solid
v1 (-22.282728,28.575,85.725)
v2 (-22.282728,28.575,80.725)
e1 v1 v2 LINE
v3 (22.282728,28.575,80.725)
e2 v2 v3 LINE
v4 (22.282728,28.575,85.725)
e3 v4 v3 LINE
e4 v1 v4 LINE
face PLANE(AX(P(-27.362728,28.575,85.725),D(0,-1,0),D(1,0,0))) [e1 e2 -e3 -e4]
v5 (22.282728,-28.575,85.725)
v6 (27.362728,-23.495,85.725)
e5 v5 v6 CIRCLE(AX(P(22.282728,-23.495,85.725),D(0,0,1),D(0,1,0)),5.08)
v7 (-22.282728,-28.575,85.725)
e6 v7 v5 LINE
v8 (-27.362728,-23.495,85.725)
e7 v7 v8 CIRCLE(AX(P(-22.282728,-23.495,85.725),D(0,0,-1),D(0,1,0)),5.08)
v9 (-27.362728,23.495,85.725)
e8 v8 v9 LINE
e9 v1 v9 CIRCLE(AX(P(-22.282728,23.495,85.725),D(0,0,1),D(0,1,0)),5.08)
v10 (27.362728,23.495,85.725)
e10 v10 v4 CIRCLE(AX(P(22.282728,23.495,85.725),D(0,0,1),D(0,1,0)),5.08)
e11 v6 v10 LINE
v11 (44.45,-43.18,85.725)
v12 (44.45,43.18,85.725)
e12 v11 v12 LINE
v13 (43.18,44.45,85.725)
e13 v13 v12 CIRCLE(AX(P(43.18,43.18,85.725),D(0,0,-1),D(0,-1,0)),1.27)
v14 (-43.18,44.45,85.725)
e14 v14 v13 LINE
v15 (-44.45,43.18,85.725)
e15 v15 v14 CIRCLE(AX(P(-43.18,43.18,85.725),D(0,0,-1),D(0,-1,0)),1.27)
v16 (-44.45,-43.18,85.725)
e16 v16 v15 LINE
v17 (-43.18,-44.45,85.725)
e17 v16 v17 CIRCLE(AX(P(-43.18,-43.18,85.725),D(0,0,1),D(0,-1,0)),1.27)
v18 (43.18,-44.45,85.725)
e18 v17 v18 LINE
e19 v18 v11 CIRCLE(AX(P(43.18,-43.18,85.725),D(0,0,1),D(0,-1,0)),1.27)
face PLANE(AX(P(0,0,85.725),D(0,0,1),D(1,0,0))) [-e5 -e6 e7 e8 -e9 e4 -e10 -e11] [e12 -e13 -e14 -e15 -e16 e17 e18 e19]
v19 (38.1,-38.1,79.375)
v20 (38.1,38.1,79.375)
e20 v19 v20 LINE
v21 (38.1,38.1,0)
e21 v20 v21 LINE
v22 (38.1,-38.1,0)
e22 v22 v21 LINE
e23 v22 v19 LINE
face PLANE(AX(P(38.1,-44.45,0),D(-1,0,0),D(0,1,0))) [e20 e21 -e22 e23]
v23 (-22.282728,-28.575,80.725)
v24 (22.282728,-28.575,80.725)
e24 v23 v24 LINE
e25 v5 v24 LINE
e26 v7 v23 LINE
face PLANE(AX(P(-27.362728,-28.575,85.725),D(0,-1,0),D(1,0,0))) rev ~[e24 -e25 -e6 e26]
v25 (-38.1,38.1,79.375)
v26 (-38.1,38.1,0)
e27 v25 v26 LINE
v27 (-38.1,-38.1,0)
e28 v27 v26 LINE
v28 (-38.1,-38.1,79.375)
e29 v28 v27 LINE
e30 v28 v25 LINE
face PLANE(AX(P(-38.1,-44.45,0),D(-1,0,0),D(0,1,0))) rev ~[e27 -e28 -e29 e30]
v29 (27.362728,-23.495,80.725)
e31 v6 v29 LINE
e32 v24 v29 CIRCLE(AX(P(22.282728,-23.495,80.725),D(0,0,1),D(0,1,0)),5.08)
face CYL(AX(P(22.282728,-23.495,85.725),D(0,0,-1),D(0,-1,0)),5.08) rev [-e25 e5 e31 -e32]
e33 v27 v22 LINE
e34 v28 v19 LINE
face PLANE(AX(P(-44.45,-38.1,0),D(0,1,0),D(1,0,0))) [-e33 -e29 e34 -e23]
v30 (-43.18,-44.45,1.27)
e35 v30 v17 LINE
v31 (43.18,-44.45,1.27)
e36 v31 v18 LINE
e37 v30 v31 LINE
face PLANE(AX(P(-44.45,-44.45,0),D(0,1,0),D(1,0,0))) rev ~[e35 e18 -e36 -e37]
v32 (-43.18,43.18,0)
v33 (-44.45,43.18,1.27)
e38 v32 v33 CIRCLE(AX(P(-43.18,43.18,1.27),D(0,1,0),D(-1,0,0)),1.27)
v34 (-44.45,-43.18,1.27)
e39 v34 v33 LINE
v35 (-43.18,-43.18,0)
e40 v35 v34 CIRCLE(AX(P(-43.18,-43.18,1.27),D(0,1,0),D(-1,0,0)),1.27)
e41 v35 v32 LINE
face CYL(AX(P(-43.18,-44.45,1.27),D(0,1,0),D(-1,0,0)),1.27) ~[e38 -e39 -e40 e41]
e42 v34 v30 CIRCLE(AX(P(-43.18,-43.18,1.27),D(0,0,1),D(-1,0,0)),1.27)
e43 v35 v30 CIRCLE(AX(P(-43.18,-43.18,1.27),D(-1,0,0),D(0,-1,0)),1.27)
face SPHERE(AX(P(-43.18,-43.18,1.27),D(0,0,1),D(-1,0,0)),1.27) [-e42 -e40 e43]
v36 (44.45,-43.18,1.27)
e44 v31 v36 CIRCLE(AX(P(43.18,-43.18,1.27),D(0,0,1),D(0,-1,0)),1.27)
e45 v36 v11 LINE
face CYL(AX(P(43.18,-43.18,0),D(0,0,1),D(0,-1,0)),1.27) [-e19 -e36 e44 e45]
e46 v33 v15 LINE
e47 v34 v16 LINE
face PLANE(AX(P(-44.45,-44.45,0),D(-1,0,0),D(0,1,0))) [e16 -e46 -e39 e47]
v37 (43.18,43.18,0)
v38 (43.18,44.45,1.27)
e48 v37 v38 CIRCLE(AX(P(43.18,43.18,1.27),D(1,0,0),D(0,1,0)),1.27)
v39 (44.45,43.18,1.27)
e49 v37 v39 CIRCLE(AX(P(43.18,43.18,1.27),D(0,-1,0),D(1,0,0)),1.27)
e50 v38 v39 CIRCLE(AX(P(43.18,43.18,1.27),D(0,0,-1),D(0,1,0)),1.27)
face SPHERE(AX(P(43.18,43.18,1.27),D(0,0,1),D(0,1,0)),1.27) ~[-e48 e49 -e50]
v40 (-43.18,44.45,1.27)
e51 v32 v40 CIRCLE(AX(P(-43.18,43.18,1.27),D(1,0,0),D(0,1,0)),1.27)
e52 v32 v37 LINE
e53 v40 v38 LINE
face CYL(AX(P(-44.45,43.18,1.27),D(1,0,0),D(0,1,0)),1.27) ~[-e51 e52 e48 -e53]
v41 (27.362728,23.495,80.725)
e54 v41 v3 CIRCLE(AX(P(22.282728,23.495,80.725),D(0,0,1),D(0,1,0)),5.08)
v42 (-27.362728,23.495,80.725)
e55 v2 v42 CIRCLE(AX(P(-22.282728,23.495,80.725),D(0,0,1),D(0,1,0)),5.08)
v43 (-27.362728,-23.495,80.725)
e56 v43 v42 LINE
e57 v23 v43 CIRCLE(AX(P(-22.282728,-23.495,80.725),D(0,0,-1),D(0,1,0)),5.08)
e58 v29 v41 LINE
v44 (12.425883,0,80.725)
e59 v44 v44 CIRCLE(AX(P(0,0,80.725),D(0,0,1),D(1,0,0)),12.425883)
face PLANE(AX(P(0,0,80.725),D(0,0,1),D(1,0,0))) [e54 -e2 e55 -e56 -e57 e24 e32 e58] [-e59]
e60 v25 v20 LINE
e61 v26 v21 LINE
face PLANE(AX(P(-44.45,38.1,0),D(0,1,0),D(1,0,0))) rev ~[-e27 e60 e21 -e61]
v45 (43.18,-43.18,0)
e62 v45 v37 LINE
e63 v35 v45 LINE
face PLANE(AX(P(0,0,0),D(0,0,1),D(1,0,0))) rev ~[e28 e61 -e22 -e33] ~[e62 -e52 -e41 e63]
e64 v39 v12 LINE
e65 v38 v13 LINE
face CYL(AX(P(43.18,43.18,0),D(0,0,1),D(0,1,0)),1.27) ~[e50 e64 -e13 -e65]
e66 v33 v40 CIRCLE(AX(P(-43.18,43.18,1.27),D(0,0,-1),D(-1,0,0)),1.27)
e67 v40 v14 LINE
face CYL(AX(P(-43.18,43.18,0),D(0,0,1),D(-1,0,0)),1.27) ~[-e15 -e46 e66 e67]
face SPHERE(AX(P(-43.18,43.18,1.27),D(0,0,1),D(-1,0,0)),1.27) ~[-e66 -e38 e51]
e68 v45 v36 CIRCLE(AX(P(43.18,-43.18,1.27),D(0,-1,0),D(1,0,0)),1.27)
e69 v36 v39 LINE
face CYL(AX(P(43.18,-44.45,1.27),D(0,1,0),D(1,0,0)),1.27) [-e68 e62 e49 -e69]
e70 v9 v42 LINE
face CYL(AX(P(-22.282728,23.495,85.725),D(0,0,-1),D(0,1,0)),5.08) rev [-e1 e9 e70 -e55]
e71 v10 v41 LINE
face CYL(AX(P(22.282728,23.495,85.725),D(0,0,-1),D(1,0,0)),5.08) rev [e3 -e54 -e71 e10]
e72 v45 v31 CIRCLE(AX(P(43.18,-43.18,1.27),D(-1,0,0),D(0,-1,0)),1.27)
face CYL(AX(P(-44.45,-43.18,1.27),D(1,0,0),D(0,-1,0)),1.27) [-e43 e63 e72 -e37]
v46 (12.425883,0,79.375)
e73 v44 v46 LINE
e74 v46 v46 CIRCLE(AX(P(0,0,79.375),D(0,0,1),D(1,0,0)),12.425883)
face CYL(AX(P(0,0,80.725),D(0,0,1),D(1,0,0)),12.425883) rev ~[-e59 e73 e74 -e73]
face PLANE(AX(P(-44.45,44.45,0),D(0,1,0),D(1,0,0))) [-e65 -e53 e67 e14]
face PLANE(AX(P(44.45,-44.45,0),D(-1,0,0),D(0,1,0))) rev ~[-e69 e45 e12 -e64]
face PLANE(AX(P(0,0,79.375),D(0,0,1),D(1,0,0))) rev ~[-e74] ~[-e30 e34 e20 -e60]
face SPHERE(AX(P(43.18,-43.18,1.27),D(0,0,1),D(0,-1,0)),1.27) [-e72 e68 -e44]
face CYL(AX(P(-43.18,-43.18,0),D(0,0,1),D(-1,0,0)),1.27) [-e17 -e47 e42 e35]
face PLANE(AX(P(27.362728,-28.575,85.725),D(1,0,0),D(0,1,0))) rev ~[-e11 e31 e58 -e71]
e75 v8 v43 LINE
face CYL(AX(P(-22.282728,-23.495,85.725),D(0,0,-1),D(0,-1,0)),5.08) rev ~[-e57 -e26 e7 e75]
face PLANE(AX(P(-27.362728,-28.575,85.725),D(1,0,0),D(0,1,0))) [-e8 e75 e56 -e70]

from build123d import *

# Parameters (mm, degrees)
F0_W     = 88.9
F0_H     = 88.9
F1_DEPTH = 85.725
F2_T     = -6.35
F3_W     = 54.725456
F3_H     = 57.15
F4_DEPTH = 5
F5_R     = 5.08
F6_R     = 1.27
F7_R     = 12.425883
F8_DEPTH = 25.4


with BuildPart() as f1:
    # F0 (on Top) → F1 (new body)
    with BuildSketch(Plane.XY):
        Rectangle(F0_W, F0_H)
    extrude(amount=F1_DEPTH)

    # F2
    f2_openings = [f1.faces().sort_by_distance(p)[0] for p in [
        (0, 0, 0),
    ]]
    offset(amount=F2_T, openings=f2_openings)

    # F3 (on face) → F4 (cut)
    with BuildSketch(Plane.XY.offset(85.725)):
        Rectangle(F3_W, F3_H)
    extrude(amount=-F4_DEPTH, mode=Mode.SUBTRACT)

    # F5
    f5_edges = [f1.edges().sort_by_distance(p)[0] for p in [
        (-27.362728, 28.575, 83.225),
        (-27.362728, -28.575, 83.225),
        (27.362728, -28.575, 83.225),
        (27.362728, 28.575, 83.225),
    ]]
    fillet(f5_edges, radius=F5_R)

    # F6
    f6_edges = [f1.edges().sort_by_distance(p)[0] for p in [
        (44.45, -44.45, 42.8625),
        (44.45, 44.45, 42.8625),
        (-44.45, -44.45, 42.8625),
        (-44.45, 44.45, 42.8625),
        (-44.45, 0, 0),
        (0, -44.45, 0),
        (0, 44.45, 0),
        (44.45, 0, 0),
    ]]
    fillet(f6_edges, radius=F6_R)

    # F7 (on face) → F8 (cut)
    with BuildSketch(Plane.XY.offset(80.725)):
        Circle(F7_R)
    extrude(amount=-F8_DEPTH, mode=Mode.SUBTRACT)


solid = f1.part
